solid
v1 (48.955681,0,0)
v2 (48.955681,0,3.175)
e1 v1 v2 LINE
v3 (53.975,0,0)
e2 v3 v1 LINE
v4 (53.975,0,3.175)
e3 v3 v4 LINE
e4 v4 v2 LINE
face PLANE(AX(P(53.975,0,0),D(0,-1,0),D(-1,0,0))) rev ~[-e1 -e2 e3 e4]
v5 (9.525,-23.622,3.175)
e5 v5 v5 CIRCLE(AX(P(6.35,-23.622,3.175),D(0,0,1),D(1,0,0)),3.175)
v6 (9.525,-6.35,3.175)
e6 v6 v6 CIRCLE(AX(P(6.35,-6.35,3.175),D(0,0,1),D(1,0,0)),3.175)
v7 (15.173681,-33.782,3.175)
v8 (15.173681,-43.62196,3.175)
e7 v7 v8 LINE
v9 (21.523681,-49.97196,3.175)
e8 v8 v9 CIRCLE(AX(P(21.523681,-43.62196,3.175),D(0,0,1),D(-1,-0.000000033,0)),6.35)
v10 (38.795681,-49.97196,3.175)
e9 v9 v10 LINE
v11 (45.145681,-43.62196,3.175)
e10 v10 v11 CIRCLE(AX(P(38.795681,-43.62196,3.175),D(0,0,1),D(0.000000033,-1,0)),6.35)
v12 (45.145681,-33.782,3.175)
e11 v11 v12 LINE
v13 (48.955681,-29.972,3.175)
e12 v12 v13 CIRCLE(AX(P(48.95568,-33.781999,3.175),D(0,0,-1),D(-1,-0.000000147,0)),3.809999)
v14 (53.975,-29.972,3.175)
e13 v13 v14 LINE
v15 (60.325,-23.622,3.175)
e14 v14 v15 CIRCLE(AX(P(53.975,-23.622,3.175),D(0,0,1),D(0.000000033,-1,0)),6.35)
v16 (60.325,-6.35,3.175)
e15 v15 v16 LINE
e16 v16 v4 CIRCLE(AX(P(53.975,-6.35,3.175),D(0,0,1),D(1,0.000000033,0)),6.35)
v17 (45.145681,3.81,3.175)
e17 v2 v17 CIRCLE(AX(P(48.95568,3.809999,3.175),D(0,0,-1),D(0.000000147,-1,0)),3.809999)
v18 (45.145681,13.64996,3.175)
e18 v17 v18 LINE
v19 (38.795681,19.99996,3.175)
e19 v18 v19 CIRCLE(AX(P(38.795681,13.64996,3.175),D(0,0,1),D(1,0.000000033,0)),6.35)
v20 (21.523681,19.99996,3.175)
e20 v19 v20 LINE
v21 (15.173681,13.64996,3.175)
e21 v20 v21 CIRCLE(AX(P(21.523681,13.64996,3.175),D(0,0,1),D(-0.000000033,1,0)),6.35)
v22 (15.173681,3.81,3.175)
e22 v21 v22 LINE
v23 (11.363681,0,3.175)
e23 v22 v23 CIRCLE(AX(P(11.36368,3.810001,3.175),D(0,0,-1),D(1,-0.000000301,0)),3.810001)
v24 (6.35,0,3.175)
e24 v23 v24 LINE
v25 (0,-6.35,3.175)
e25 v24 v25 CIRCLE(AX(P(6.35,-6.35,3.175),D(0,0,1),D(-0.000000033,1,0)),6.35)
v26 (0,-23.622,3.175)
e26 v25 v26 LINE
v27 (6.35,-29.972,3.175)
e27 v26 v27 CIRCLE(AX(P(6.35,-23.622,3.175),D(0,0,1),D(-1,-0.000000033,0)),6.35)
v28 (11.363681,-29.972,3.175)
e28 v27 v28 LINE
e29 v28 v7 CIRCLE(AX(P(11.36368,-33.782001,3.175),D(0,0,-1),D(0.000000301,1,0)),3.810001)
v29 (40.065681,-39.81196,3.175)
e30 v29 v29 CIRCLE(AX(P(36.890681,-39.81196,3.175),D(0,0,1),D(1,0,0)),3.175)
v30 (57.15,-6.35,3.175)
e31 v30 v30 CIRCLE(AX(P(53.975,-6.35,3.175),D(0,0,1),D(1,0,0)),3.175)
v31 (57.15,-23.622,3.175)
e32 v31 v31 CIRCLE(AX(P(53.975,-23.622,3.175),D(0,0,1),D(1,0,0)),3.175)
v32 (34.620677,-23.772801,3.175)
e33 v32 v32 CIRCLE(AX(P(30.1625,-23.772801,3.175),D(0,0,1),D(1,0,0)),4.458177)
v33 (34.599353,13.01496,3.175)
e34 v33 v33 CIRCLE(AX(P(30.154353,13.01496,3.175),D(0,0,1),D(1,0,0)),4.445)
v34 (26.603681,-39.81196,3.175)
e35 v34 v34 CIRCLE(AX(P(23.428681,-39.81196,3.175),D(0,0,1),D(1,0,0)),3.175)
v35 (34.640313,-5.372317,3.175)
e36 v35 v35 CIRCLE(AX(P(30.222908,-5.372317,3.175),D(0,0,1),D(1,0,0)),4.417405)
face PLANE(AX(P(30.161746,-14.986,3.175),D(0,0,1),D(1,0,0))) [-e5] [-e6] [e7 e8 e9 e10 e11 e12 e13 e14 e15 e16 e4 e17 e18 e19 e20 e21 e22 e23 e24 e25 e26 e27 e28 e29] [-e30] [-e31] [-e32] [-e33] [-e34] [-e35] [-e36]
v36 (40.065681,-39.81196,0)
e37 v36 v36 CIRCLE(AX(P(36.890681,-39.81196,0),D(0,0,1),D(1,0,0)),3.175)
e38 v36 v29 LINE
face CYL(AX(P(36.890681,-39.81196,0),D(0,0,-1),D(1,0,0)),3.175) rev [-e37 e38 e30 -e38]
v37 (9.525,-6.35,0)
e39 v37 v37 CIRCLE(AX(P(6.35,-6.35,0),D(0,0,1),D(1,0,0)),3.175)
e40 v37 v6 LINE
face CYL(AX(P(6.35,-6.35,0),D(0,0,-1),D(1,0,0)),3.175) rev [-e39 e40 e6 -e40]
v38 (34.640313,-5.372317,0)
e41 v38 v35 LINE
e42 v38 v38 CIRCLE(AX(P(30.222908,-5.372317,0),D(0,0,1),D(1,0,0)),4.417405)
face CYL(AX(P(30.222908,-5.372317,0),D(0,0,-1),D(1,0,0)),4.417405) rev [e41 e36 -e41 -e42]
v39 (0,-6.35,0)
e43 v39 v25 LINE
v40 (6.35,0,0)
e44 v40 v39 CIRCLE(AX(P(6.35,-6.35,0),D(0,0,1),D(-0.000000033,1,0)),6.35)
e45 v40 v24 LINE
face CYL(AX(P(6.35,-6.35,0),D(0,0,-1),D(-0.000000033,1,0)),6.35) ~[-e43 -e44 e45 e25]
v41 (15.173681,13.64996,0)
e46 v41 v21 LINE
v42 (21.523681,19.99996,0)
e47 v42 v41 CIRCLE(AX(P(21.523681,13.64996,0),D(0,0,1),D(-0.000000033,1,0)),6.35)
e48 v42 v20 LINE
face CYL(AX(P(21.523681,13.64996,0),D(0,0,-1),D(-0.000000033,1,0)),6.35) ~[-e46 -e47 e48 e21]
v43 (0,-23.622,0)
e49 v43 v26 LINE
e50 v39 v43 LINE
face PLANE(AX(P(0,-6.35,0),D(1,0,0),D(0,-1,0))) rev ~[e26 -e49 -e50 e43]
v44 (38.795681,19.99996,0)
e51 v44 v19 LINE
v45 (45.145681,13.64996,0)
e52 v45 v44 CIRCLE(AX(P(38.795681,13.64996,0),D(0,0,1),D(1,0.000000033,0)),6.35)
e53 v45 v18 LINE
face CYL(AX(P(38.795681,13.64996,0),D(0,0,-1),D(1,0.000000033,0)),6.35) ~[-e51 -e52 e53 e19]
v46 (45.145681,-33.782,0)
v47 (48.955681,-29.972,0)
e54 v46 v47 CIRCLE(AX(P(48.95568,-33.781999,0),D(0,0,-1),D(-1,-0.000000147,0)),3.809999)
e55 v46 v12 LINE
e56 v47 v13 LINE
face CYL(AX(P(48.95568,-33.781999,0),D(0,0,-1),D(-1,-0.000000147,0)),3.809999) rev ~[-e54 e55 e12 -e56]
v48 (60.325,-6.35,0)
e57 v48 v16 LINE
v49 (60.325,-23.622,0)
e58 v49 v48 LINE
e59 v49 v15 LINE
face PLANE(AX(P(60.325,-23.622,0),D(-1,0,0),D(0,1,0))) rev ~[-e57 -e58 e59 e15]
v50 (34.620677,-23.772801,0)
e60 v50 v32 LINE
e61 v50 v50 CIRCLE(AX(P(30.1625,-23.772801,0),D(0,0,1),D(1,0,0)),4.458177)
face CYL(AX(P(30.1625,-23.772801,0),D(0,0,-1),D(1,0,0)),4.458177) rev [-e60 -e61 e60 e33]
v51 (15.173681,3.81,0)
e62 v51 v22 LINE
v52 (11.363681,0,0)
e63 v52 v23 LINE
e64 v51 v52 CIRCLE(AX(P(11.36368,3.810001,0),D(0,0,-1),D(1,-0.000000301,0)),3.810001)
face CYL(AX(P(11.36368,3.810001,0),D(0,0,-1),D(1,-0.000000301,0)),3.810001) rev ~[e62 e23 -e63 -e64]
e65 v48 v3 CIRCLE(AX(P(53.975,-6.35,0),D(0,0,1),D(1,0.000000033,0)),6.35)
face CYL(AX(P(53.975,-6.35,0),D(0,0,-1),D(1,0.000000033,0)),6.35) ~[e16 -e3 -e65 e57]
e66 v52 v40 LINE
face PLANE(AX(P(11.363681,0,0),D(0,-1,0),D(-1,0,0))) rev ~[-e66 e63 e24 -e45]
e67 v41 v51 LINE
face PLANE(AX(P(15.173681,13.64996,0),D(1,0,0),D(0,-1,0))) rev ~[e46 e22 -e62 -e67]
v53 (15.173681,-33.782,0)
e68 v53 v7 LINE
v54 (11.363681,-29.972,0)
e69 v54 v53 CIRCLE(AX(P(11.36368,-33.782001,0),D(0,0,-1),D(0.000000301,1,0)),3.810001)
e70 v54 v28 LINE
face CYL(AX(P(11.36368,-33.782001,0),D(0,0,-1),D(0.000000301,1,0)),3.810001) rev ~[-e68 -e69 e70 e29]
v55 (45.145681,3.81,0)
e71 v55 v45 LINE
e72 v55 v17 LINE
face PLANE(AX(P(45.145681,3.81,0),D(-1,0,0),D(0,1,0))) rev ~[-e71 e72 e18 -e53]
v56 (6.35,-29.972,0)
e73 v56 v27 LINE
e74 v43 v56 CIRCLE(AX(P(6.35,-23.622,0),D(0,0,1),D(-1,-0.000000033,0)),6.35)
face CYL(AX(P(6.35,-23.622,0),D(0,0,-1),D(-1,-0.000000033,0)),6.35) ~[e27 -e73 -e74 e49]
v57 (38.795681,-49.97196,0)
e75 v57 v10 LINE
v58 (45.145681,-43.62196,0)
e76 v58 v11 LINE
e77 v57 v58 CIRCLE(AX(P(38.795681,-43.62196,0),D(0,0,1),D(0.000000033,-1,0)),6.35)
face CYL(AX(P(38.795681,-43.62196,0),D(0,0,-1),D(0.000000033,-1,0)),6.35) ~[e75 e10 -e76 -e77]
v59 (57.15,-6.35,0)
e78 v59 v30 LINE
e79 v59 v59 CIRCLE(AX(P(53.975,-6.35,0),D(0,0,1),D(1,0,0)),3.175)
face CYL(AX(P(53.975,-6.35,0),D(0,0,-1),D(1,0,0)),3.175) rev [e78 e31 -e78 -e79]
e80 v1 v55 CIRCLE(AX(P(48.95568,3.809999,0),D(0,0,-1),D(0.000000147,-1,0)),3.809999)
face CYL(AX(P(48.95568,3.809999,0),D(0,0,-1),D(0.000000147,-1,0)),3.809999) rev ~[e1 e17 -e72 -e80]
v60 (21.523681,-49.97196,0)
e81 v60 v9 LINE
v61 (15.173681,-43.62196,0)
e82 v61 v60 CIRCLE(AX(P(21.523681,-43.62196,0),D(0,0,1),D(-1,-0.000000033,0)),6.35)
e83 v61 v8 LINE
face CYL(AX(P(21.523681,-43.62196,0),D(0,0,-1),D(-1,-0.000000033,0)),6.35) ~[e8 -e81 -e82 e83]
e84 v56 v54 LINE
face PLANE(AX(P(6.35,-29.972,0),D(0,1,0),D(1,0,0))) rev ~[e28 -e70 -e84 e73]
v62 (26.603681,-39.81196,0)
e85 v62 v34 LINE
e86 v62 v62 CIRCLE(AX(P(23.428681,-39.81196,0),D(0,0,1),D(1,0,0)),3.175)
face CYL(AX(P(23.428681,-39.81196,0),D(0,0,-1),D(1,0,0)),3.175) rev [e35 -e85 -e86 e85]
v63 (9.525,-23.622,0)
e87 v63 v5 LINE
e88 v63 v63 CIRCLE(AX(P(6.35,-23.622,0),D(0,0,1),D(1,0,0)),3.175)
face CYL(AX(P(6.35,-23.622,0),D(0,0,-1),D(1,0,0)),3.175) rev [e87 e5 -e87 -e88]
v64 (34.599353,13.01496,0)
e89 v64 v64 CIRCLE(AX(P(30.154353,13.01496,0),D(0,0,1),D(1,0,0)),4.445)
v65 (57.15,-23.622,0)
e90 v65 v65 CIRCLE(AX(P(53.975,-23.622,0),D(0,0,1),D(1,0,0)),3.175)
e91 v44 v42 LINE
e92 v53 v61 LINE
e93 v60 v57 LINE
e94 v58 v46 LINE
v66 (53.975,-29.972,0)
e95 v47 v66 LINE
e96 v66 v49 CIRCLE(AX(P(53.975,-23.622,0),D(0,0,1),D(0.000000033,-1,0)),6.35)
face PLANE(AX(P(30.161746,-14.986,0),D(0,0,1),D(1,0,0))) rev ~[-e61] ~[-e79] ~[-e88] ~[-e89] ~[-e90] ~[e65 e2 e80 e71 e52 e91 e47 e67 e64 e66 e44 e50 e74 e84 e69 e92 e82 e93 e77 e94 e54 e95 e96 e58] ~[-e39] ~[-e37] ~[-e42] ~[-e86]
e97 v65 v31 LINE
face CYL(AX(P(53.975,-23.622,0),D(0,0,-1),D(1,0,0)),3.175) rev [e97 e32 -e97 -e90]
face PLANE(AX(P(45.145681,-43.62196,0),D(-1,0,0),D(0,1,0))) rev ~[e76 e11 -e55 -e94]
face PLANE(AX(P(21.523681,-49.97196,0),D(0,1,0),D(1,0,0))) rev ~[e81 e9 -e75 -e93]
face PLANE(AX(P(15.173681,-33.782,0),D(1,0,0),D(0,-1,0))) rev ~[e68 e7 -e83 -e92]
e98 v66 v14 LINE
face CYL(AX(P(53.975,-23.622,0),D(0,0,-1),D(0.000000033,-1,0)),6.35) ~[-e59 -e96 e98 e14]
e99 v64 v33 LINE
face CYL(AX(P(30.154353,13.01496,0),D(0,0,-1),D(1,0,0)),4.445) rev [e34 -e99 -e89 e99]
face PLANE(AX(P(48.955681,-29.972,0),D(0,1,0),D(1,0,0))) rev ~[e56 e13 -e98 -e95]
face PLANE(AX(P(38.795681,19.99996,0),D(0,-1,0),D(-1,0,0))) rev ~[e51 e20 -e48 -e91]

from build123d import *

# Parameters (mm, degrees)
F0_R     = 3.175
F0_R_2   = 4.458177
F0_R_3   = 4.445
F0_R_4   = 4.417405
F1_DEPTH = 3.175


with BuildPart() as f1:
    # F0 (on Top) → F1 (new body)
    with BuildSketch(Plane.XY):
        with BuildLine():
            Line((11.363681, 0), (6.35, 0))
            ThreePointArc((6.35, 0), (1.859872, -1.859872), (0, -6.35))
            Line((0, -6.35), (0, -23.622))
            ThreePointArc((0, -23.622), (1.859872, -28.112128), (6.35, -29.972))
            Line((6.35, -29.972), (11.363681, -29.972))
            ThreePointArc((11.363681, -29.972), (14.057757, -31.087923), (15.173681, -33.782))
            Line((15.173681, -33.782), (15.173681, -43.62196))
            ThreePointArc((15.173681, -43.62196), (17.033553, -48.112088), (21.523681, -49.97196))
            Line((21.523681, -49.97196), (38.795681, -49.97196))
            ThreePointArc((38.795681, -49.97196), (43.285809, -48.112088), (45.145681, -43.62196))
            Line((45.145681, -43.62196), (45.145681, -33.782))
            ThreePointArc((45.145681, -33.782), (46.261604, -31.087923), (48.955681, -29.972))
            Line((48.955681, -29.972), (53.975, -29.972))
            ThreePointArc((53.975, -29.972), (58.465128, -28.112128), (60.325, -23.622))
            Line((60.325, -23.622), (60.325, -6.35))
            ThreePointArc((60.325, -6.35), (58.465128, -1.859872), (53.975, 0))
            Line((53.975, 0), (48.955681, 0))
            ThreePointArc((48.955681, 0), (46.261604, 1.115923), (45.145681, 3.81))
            Line((45.145681, 3.81), (45.145681, 13.64996))
            ThreePointArc((45.145681, 13.64996), (43.285809, 18.140088), (38.795681, 19.99996))
            Line((38.795681, 19.99996), (21.523681, 19.99996))
            ThreePointArc((21.523681, 19.99996), (17.033553, 18.140088), (15.173681, 13.64996))
            Line((15.173681, 13.64996), (15.173681, 3.81))
            ThreePointArc((15.173681, 3.81), (14.057757, 1.115923), (11.363681, 0))
        make_face()
        with Locations((23.428681, -39.81196)):
            Circle(F0_R, mode=Mode.SUBTRACT)
        with Locations((6.35, -23.622)):
            Circle(F0_R, mode=Mode.SUBTRACT)
        with Locations((36.890681, -39.81196)):
            Circle(F0_R, mode=Mode.SUBTRACT)
        with Locations((30.1625, -23.772801)):
            Circle(F0_R_2, mode=Mode.SUBTRACT)
        with Locations((53.975, -23.622)):
            Circle(F0_R, mode=Mode.SUBTRACT)
        with Locations((6.35, -6.35)):
            Circle(F0_R, mode=Mode.SUBTRACT)
        with Locations((30.154353, 13.01496)):
            Circle(F0_R_3, mode=Mode.SUBTRACT)
        with Locations((30.222908, -5.372317)):
            Circle(F0_R_4, mode=Mode.SUBTRACT)
        with Locations((53.975, -6.35)):
            Circle(F0_R, mode=Mode.SUBTRACT)
    extrude(amount=F1_DEPTH)


solid = f1.part
